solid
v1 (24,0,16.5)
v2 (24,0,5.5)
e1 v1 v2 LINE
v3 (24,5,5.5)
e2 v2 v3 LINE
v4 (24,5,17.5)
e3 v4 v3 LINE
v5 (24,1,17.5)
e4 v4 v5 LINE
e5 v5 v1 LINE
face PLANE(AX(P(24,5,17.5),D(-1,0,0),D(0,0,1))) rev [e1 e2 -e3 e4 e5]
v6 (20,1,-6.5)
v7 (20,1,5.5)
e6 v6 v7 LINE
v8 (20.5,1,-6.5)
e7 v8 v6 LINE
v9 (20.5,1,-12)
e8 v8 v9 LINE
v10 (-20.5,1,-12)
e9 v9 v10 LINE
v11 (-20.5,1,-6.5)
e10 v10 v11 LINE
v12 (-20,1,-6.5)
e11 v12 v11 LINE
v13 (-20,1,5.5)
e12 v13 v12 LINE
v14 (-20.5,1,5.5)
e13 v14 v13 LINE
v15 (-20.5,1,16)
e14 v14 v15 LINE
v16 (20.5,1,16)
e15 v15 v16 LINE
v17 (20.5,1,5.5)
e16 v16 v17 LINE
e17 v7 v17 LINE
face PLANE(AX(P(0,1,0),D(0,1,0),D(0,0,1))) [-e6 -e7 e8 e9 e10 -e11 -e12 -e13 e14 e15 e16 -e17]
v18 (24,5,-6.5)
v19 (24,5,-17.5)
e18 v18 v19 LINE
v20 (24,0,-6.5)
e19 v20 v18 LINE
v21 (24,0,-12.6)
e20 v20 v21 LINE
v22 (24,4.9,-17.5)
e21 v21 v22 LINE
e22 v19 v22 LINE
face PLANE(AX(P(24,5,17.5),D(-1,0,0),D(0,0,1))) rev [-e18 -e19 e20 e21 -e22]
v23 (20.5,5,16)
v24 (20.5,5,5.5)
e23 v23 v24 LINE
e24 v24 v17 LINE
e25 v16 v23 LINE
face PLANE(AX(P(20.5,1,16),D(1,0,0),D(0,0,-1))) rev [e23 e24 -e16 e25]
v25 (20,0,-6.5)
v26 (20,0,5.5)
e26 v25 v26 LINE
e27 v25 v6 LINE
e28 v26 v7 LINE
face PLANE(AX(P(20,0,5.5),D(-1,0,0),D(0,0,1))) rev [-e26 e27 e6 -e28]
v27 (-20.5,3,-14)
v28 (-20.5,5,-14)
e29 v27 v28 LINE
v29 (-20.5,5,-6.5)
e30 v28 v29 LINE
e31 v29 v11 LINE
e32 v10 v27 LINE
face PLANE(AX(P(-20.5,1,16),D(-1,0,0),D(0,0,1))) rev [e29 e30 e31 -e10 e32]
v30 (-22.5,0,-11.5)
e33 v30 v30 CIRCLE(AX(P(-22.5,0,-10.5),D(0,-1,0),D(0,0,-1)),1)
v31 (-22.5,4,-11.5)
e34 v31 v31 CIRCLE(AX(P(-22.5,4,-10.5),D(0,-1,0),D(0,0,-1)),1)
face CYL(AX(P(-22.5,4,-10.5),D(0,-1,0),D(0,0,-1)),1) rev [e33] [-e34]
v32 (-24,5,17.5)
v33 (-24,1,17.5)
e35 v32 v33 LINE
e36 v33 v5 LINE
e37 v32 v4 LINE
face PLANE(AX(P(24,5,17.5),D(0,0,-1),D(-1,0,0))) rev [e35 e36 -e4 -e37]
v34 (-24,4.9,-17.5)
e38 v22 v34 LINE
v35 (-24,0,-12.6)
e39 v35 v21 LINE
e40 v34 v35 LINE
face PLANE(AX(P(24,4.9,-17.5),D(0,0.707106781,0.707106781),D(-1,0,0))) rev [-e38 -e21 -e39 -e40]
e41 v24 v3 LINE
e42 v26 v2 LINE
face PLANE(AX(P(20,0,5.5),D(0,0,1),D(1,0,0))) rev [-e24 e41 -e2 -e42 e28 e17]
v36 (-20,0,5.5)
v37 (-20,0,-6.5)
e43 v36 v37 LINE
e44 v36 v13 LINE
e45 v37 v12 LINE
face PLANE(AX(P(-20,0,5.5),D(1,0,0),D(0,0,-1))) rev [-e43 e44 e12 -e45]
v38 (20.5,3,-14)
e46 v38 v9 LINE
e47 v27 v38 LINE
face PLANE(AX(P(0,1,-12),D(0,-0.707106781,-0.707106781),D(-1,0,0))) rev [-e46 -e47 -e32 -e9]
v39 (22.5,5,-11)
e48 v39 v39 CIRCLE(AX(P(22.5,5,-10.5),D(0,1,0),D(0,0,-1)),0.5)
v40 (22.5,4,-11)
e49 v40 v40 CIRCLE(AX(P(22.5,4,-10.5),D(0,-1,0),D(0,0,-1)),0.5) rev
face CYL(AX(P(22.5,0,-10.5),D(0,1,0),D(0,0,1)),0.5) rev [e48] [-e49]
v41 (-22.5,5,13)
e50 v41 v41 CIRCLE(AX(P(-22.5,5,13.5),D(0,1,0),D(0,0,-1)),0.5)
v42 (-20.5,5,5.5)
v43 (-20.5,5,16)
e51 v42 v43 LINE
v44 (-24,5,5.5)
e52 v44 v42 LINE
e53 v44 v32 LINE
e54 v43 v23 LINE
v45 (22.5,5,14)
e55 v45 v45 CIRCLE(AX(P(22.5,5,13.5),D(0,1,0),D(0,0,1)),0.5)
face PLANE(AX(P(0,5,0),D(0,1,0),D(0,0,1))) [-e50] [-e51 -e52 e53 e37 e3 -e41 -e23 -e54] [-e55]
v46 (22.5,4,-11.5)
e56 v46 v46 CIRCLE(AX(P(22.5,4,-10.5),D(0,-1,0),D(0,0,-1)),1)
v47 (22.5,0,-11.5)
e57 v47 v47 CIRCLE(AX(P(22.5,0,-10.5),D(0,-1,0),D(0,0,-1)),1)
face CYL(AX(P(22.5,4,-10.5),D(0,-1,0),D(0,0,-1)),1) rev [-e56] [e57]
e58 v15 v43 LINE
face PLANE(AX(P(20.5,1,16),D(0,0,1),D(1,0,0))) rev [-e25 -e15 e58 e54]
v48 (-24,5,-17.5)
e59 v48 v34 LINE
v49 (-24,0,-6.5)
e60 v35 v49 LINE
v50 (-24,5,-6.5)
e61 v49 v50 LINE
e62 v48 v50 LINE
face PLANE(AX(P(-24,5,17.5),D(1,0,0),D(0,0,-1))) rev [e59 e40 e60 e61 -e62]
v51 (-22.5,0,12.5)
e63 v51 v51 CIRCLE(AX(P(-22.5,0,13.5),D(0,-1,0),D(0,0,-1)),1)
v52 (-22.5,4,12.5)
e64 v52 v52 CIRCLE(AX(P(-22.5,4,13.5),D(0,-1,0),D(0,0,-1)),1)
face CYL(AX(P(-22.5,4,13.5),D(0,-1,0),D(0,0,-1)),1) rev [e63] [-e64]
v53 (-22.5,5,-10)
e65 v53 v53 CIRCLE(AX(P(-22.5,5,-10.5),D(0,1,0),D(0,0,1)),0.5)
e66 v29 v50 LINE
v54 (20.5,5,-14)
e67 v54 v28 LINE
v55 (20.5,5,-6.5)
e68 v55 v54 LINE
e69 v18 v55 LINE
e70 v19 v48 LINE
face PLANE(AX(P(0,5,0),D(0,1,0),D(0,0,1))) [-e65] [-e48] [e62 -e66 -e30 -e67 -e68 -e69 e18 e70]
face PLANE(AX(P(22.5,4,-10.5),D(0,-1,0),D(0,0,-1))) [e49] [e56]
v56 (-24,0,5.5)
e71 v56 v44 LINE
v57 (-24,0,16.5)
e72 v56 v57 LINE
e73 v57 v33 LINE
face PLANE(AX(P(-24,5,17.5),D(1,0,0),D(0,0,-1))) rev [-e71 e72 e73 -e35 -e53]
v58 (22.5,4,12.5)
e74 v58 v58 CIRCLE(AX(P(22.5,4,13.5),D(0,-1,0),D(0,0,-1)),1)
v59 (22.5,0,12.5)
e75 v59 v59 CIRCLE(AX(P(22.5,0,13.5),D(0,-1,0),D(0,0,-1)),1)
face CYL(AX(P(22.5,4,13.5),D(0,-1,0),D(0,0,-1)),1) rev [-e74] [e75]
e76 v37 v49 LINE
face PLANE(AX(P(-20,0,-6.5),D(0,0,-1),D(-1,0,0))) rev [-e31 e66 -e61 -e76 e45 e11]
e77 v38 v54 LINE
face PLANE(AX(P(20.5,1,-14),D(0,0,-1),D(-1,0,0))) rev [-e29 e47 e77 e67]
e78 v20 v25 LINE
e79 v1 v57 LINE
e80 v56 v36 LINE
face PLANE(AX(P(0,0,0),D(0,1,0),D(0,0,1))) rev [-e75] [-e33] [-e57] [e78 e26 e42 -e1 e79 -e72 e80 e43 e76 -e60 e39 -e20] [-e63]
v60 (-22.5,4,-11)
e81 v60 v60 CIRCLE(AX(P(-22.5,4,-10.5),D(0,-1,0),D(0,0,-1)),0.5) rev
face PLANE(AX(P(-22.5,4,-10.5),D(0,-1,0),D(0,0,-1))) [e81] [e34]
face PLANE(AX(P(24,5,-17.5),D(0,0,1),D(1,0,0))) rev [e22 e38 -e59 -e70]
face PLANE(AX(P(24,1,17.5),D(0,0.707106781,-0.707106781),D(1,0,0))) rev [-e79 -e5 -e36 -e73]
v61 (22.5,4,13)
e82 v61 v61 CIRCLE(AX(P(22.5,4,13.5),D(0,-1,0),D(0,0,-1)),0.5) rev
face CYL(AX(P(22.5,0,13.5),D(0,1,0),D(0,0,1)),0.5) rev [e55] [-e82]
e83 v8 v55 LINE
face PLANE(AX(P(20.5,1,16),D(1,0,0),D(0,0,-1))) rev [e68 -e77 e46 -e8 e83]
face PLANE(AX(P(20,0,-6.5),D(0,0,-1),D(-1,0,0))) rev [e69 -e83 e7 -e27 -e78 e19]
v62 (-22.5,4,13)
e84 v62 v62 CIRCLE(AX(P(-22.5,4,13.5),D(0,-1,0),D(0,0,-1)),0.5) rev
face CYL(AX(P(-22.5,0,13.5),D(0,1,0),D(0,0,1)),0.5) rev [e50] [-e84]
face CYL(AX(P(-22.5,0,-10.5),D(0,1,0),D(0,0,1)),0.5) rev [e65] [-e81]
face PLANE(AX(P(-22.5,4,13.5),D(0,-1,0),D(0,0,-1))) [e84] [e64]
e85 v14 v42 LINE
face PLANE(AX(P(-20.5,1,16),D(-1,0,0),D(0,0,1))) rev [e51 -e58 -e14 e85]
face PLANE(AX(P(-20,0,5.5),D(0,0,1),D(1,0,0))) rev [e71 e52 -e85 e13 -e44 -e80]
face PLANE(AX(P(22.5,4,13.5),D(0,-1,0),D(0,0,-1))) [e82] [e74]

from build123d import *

# Parameters (mm, degrees)
SKETCH_1_W          = 48
SKETCH_1_H          = 35
EXTRUDE_1_DEPTH     = 5
SKETCH_2_W          = 41
SKETCH_2_H          = 30
CUT_EXTRUDE_1_DEPTH = 4
SKETCH_3_R          = 0.5
CUT_EXTRUDE_2_DEPTH = 6
SKETCH_4_R          = 1
CUT_EXTRUDE_5_DEPTH = 4
SKETCH_5_W          = 4
SKETCH_5_H          = 12
CUT_EXTRUDE_4_DEPTH = 6
CHAMFER_2_SIZE      = 4.9
CHAMFER_3_SIZE      = 1
CHAMFER_6_SIZE      = 2


with BuildPart() as part:
    # 草图1 → 凸台-拉伸1 (new body)
    with BuildSketch(Plane(origin=(0, 0, 0), x_dir=(1, 0, 0), z_dir=(0, 1, 0))):
        Rectangle(SKETCH_1_W, SKETCH_1_H)
    extrude(amount=EXTRUDE_1_DEPTH)

    # 草图2 → 切除-拉伸1 (cut)
    with BuildSketch(Plane(origin=(0, 5, 0), x_dir=(1, 0, 0), z_dir=(0, 1, 0))):
        with Locations((0, -1)):
            Rectangle(SKETCH_2_W, SKETCH_2_H)
    extrude(amount=-CUT_EXTRUDE_1_DEPTH, mode=Mode.SUBTRACT)

    # 草图3 → 切除-拉伸2 (cut, through all)
    with BuildSketch(Plane(origin=(0, 5, 0), x_dir=(1, 0, 0), z_dir=(0, 1, 0))):
        with Locations((-22.5, 10.5)):
            Circle(SKETCH_3_R)
        with Locations((-22.5, -13.5)):
            Circle(SKETCH_3_R)
        with Locations((22.5, -13.5)):
            Circle(SKETCH_3_R)
        with Locations((22.5, 10.5)):
            Circle(SKETCH_3_R)
    extrude(amount=-CUT_EXTRUDE_2_DEPTH, mode=Mode.SUBTRACT)

    # 草图4 → 切除-拉伸5 (cut)
    with BuildSketch(Plane.XZ):
        with Locations((-22.5, -10.5)):
            Circle(SKETCH_4_R)
        with Locations((-22.5, 13.5)):
            Circle(SKETCH_4_R)
        with Locations((22.5, 13.5)):
            Circle(SKETCH_4_R)
        with Locations((22.5, -10.5)):
            Circle(SKETCH_4_R)
    extrude(amount=-CUT_EXTRUDE_5_DEPTH, mode=Mode.SUBTRACT)

    # 草图5 → 切除-拉伸4 (cut, through all)
    with BuildSketch(Plane(origin=(0, 5, 0), x_dir=(1, 0, 0), z_dir=(0, 1, 0))):
        with Locations((-22, 0.5)):
            Rectangle(SKETCH_5_W, SKETCH_5_H)
        with Locations((22, 0.5)):
            Rectangle(SKETCH_5_W, SKETCH_5_H)
    extrude(amount=-CUT_EXTRUDE_4_DEPTH, mode=Mode.SUBTRACT)

    # 倒角2
    chamfer_2_edges = [part.edges().sort_by_distance(p)[0] for p in [
        (0, 0, -17.5),
    ]]
    chamfer(chamfer_2_edges, length=CHAMFER_2_SIZE)

    # 倒角3
    chamfer_3_edges = [part.edges().sort_by_distance(p)[0] for p in [
        (0, 0, 17.5),
    ]]
    chamfer(chamfer_3_edges, length=CHAMFER_3_SIZE)

    # 倒角6
    chamfer_6_edges = [part.edges().sort_by_distance(p)[0] for p in [
        (0, 1, -14),
    ]]
    chamfer(chamfer_6_edges, length=CHAMFER_6_SIZE)


solid = part.part
